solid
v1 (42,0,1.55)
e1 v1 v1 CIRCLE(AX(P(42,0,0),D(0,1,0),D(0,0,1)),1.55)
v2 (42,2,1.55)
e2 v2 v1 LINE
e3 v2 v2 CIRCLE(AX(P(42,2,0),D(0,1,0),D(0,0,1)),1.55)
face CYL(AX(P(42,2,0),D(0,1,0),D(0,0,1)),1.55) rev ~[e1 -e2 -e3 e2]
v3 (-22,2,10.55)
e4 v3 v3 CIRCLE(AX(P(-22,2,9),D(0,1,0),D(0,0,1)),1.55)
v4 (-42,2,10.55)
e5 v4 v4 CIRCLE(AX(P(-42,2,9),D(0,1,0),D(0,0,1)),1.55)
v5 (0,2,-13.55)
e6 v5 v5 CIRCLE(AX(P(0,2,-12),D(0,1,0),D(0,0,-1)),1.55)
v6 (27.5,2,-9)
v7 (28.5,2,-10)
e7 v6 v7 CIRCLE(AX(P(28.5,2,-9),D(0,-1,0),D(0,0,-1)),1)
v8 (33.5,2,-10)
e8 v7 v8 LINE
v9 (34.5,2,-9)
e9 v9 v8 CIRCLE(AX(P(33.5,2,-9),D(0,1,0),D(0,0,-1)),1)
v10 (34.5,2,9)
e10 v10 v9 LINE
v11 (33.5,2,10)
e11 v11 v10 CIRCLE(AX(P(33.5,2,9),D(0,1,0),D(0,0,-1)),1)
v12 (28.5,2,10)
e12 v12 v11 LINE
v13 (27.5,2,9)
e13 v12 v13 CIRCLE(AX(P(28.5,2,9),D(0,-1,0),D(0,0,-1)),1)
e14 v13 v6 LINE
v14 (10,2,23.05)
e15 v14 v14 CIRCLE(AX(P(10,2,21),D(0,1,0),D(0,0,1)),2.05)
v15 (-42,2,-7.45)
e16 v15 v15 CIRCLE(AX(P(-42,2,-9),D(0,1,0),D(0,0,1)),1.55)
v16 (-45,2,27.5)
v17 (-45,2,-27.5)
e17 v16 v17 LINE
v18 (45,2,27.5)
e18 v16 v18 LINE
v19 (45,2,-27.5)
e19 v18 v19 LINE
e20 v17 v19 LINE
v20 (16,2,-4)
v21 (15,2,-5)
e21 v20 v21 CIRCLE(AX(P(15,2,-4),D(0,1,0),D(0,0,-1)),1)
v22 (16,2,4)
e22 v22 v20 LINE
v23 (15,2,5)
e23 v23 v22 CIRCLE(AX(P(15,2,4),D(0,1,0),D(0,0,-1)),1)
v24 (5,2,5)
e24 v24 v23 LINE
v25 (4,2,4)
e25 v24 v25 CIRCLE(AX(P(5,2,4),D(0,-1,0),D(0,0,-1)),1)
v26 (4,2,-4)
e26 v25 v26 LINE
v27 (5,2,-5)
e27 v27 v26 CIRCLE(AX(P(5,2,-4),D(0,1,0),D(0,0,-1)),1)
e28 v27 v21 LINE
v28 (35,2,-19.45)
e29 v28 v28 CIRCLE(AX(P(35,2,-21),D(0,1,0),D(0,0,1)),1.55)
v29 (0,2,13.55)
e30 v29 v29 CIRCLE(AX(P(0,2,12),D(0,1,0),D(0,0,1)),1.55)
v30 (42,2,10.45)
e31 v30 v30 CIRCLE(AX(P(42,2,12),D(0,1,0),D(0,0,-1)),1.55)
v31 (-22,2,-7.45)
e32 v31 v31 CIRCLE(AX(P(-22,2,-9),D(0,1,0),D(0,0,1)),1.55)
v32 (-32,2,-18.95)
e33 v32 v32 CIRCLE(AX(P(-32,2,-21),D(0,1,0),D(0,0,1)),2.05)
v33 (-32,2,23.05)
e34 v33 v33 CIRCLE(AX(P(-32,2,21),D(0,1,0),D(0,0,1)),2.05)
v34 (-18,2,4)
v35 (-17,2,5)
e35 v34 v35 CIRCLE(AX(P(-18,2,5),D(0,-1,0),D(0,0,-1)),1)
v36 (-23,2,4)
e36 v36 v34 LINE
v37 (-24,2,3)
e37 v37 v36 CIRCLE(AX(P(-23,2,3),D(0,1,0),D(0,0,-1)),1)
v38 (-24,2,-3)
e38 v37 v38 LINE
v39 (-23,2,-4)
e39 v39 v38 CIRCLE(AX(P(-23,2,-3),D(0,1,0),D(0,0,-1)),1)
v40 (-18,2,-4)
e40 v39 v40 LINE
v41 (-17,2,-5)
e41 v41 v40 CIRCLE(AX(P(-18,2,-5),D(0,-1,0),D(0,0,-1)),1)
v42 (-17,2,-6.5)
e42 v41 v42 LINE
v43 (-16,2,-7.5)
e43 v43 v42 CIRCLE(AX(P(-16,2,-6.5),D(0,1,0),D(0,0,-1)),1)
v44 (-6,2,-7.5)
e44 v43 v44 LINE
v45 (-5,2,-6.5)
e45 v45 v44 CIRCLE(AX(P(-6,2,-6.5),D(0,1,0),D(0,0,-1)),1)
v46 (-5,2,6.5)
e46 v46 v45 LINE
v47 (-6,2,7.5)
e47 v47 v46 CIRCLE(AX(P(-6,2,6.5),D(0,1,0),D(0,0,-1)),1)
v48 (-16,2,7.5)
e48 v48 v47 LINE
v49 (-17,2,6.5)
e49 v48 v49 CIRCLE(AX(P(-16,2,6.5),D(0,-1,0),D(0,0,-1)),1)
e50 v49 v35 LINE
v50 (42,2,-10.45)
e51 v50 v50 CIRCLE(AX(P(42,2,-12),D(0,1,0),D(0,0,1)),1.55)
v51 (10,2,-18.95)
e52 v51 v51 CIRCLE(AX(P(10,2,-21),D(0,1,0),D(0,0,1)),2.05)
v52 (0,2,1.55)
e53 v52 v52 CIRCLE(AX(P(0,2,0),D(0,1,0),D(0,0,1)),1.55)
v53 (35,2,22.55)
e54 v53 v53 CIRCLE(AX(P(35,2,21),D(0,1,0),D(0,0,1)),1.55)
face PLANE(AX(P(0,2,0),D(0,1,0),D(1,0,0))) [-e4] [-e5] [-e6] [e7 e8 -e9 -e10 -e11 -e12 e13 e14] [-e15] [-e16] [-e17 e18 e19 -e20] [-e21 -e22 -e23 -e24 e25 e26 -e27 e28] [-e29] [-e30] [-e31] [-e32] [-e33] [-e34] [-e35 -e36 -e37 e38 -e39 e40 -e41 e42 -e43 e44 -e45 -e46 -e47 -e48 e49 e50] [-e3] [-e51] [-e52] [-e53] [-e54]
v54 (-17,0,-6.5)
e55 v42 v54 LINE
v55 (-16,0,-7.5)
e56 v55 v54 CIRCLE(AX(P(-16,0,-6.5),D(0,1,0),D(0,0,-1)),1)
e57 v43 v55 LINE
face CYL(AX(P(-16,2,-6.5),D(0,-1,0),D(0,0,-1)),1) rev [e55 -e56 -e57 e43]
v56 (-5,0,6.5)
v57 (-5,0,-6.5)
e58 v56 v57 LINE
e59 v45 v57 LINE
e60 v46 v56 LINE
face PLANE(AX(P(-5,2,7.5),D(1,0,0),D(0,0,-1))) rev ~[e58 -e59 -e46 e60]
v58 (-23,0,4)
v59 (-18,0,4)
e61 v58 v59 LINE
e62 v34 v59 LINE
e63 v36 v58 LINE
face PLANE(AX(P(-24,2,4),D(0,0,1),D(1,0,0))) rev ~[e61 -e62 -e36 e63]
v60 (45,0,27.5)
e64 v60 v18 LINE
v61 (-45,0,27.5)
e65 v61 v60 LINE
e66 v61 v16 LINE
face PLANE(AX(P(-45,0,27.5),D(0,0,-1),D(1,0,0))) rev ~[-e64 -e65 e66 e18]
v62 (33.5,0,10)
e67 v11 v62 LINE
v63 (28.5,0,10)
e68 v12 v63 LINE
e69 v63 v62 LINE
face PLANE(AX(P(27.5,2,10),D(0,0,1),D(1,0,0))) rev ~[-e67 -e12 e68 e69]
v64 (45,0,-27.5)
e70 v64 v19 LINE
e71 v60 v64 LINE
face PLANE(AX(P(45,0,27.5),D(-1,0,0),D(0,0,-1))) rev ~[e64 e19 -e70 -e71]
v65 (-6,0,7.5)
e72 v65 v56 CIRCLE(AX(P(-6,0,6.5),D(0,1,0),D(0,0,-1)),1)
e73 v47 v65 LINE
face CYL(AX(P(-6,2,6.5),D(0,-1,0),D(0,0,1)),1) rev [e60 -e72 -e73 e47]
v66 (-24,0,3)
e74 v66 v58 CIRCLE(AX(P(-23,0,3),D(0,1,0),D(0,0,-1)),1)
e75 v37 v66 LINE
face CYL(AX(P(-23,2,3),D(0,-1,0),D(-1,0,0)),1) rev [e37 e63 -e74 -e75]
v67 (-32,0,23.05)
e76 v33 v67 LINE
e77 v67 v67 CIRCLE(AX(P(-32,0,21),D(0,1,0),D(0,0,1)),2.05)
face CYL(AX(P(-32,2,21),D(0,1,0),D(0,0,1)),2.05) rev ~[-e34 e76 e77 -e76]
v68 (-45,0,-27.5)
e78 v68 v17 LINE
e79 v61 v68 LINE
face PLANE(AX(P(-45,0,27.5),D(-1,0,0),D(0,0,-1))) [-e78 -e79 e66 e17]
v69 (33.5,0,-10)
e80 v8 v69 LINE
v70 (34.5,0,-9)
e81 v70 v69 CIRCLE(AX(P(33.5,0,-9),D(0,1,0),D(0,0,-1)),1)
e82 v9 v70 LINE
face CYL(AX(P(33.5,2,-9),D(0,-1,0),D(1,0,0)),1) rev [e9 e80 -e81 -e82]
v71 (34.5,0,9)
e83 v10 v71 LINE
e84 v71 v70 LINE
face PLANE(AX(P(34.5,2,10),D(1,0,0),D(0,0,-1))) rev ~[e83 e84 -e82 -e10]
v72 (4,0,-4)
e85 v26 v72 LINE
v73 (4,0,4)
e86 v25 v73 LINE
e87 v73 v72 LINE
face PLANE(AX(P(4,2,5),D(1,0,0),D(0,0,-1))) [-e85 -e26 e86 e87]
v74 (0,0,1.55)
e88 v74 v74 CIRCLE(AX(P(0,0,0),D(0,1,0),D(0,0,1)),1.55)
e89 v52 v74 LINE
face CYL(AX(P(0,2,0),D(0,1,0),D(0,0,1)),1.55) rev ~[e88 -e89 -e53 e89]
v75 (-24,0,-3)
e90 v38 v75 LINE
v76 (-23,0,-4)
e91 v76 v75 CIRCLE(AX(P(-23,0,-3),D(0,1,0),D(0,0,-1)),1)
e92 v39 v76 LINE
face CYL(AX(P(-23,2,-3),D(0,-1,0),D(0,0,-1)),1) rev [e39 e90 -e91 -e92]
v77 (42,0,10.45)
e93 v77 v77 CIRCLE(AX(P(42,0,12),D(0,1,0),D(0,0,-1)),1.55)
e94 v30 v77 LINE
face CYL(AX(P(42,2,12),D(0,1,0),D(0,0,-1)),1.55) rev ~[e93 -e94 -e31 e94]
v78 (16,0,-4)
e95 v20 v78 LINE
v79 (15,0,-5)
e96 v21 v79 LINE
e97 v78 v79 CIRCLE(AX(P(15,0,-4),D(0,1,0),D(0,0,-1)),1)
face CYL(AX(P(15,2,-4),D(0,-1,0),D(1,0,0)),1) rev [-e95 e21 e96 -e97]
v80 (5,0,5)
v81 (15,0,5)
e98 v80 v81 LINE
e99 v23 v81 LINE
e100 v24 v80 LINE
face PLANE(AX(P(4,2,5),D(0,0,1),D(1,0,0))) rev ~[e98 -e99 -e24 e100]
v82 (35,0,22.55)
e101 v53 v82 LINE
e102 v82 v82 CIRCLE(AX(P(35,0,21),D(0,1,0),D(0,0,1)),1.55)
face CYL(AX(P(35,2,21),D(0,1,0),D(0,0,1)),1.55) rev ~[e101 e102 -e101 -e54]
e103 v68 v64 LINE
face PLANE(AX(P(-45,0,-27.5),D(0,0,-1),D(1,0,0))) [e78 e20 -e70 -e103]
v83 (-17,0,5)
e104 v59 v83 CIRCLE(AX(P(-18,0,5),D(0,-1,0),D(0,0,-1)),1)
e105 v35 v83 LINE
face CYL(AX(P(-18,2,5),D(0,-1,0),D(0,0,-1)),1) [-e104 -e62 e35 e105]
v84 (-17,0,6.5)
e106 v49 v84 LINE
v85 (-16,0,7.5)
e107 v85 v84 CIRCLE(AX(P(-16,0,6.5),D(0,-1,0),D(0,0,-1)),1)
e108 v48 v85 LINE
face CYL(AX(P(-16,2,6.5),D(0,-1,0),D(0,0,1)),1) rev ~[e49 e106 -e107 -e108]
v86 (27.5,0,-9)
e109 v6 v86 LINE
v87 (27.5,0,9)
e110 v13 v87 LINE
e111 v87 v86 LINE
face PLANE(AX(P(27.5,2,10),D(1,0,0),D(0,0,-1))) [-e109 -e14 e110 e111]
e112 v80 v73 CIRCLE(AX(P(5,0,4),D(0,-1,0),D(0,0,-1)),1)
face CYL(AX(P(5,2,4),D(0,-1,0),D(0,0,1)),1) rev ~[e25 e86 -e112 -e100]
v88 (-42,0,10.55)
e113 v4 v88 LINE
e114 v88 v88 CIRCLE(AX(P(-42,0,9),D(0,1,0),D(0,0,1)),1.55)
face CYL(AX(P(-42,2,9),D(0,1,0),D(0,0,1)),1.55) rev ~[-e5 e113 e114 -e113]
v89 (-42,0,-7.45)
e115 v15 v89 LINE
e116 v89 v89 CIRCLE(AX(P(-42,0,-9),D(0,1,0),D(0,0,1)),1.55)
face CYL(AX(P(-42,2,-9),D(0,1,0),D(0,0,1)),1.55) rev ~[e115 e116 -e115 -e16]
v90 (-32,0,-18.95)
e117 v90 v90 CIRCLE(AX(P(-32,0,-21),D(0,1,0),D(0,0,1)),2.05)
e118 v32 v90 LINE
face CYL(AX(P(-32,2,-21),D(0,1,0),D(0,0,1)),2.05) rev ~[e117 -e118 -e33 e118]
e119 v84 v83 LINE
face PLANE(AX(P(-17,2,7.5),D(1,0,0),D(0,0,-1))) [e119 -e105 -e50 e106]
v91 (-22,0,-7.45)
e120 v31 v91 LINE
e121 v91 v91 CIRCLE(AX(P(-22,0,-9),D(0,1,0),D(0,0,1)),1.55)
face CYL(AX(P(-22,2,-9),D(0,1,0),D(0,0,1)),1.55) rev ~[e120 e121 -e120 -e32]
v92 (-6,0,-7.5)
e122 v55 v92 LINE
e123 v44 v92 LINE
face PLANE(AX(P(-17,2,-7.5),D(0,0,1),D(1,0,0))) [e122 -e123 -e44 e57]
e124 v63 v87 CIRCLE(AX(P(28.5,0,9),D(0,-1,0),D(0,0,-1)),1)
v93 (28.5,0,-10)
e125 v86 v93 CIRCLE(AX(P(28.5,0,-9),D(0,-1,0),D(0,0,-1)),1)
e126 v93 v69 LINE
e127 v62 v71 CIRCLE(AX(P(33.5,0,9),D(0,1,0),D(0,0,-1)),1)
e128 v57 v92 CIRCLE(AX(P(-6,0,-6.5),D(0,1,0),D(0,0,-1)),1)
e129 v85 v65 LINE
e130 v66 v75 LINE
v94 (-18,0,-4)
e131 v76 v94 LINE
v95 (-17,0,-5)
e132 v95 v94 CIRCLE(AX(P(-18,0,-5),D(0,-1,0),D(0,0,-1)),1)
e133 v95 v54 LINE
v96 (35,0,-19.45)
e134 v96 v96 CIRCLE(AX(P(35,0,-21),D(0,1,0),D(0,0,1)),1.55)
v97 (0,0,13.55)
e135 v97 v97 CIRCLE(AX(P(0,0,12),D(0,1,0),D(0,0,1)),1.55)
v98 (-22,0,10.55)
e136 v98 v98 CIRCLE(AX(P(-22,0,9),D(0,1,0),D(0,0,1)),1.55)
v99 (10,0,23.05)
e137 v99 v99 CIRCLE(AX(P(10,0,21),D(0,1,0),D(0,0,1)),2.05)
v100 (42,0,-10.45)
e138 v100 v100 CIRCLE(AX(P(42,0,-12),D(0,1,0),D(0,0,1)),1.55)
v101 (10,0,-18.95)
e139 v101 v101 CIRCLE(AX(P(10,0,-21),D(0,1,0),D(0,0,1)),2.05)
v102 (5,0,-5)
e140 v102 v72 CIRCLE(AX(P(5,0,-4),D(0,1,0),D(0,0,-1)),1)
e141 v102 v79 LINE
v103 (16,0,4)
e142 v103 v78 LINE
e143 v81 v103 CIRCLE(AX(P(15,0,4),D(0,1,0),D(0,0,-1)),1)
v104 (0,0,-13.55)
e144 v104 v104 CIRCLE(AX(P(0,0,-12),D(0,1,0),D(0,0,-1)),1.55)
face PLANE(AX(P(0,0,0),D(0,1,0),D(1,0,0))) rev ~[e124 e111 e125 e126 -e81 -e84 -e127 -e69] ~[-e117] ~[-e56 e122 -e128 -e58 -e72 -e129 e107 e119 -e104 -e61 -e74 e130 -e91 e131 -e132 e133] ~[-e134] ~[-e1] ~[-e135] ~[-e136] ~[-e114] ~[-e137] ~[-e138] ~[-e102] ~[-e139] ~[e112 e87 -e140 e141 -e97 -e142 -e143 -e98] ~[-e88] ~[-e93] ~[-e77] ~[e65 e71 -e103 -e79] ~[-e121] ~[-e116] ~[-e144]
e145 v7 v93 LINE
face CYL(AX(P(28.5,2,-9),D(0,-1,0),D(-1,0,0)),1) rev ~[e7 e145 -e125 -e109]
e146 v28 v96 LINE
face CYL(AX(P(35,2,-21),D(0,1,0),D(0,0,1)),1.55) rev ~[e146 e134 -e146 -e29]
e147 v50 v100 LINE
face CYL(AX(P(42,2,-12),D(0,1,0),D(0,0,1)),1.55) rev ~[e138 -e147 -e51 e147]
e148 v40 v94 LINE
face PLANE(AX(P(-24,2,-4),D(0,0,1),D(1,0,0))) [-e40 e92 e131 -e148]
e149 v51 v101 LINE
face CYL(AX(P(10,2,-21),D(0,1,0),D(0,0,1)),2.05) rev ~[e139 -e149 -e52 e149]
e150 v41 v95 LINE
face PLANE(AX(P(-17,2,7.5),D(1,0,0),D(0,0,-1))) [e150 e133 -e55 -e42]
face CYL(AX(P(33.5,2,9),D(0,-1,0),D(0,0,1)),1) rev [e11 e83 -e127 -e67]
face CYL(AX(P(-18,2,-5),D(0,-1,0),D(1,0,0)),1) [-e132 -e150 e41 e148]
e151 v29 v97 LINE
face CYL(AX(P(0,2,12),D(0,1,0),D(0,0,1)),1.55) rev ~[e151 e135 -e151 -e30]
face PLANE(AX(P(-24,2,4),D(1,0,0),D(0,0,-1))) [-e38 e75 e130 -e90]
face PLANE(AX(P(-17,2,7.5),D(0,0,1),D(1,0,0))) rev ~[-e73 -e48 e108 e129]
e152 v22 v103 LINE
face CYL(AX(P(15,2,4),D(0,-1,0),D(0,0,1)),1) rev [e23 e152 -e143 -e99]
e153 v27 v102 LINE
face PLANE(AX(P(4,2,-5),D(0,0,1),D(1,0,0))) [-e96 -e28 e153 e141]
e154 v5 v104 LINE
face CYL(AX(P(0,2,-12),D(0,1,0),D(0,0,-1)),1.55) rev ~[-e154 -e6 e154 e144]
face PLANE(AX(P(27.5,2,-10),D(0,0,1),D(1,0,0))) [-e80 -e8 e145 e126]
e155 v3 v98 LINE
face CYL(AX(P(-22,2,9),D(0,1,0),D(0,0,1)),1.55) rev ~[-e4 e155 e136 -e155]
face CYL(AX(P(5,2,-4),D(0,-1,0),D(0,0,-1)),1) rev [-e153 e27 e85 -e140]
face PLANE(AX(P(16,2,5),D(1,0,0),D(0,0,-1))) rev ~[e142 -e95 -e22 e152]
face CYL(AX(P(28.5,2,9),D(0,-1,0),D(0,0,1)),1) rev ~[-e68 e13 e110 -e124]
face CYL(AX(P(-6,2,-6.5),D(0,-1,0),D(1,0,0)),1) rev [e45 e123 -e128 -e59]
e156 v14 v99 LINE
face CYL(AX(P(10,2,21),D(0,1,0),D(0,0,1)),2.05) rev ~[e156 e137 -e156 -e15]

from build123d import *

# Parameters (mm, degrees)
SKETCH_1_W          = 90
SKETCH_1_H          = 55
EXTRUDE_1_DEPTH     = 2
SKETCH_2_R          = 1.55
CUT_EXTRUDE_1_DEPTH = 2
SKETCH_3_R          = 1.55
CUT_EXTRUDE_2_DEPTH = 10
SKETCH_4_R          = 2.05
CUT_EXTRUDE_3_DEPTH = 10
SKETCH_5_R          = 1.55
CUT_EXTRUDE_4_DEPTH = 10
SKETCH_6_W          = 7
SKETCH_6_H          = 20
CUT_EXTRUDE_5_DEPTH = 10
SKETCH_7_W          = 12
SKETCH_7_H          = 15
CUT_EXTRUDE_6_DEPTH = 10
SKETCH_8_W          = 7
SKETCH_8_H          = 8
SKETCH_8_W_2        = 12
SKETCH_8_H_2        = 10
CUT_EXTRUDE_7_DEPTH = 10
FILLET_1_R          = 1


with BuildPart() as part:
    # 草图1 → 凸台-拉伸1 (new body)
    with BuildSketch(Plane(origin=(0, 0, 0), x_dir=(1, 0, 0), z_dir=(0, 1, 0))):
        Rectangle(SKETCH_1_W, SKETCH_1_H)
    extrude(amount=EXTRUDE_1_DEPTH)

    # 草图2 → 切除-拉伸1 (cut)
    with BuildSketch(Plane(origin=(0, 2, 0), x_dir=(1, 0, 0), z_dir=(0, 1, 0))):
        with Locations(Location((0, -12, 0), (0, 0, 270))):
            Circle(SKETCH_2_R)
        with Locations(Location((0, 12, 0), (0, 0, 90))):
            Circle(SKETCH_2_R)
        with Locations(Location((0, 0, 0), (0, 0, 270))):
            Circle(SKETCH_2_R)
        with Locations(Location((42, 12, 0), (0, 0, 270))):
            Circle(SKETCH_2_R)
        with Locations(Location((42, 0, 0), (0, 0, 270))):
            Circle(SKETCH_2_R)
        with Locations(Location((42, -12, 0), (0, 0, 90))):
            Circle(SKETCH_2_R)
    extrude(amount=-CUT_EXTRUDE_1_DEPTH, mode=Mode.SUBTRACT)

    # 草图3 → 切除-拉伸2 (cut)
    with BuildSketch(Plane(origin=(0, 2, 0), x_dir=(1, 0, 0), z_dir=(0, 1, 0))):
        with Locations(Location((35, 21, 0), (0, 0, 270))):
            Circle(SKETCH_3_R)
        with Locations(Location((35, -21, 0), (0, 0, 270))):
            Circle(SKETCH_3_R)
    extrude(amount=-CUT_EXTRUDE_2_DEPTH, mode=Mode.SUBTRACT)

    # 草图4 → 切除-拉伸3 (cut)
    with BuildSketch(Plane(origin=(0, 2, 0), x_dir=(1, 0, 0), z_dir=(0, 1, 0))):
        with Locations(Location((-32, 21, 0), (0, 0, 270))):
            Circle(SKETCH_4_R)
        with Locations(Location((-32, -21, 0), (0, 0, 270))):
            Circle(SKETCH_4_R)
        with Locations(Location((10, 21, 0), (0, 0, 270))):
            Circle(SKETCH_4_R)
        with Locations(Location((10, -21, 0), (0, 0, 270))):
            Circle(SKETCH_4_R)
    extrude(amount=-CUT_EXTRUDE_3_DEPTH, mode=Mode.SUBTRACT)

    # 草图5 → 切除-拉伸4 (cut)
    with BuildSketch(Plane(origin=(0, 2, 0), x_dir=(1, 0, 0), z_dir=(0, 1, 0))):
        with Locations(Location((-42, 9, 0), (0, 0, 270))):
            Circle(SKETCH_5_R)
        with Locations(Location((-42, -9, 0), (0, 0, 270))):
            Circle(SKETCH_5_R)
        with Locations(Location((-22, -9, 0), (0, 0, 270))):
            Circle(SKETCH_5_R)
        with Locations(Location((-22, 9, 0), (0, 0, 270))):
            Circle(SKETCH_5_R)
    extrude(amount=-CUT_EXTRUDE_4_DEPTH, mode=Mode.SUBTRACT)

    # 草图6 → 切除-拉伸5 (cut)
    with BuildSketch(Plane(origin=(0, 2, 0), x_dir=(1, 0, 0), z_dir=(0, 1, 0))):
        with Locations((31, 0)):
            Rectangle(SKETCH_6_W, SKETCH_6_H)
    extrude(amount=-CUT_EXTRUDE_5_DEPTH, mode=Mode.SUBTRACT)

    # 草图7 → 切除-拉伸6 (cut)
    with BuildSketch(Plane(origin=(0, 2, 0), x_dir=(1, 0, 0), z_dir=(0, 1, 0))):
        with Locations((-11, 0)):
            Rectangle(SKETCH_7_W, SKETCH_7_H)
    extrude(amount=-CUT_EXTRUDE_6_DEPTH, mode=Mode.SUBTRACT)

    # 草图8 → 切除-拉伸7 (cut)
    with BuildSketch(Plane(origin=(0, 2, 0), x_dir=(1, 0, 0), z_dir=(0, 1, 0))):
        with Locations((-20.5, 0)):
            Rectangle(SKETCH_8_W, SKETCH_8_H)
        with Locations((10, 0)):
            Rectangle(SKETCH_8_W_2, SKETCH_8_H_2)
    extrude(amount=-CUT_EXTRUDE_7_DEPTH, mode=Mode.SUBTRACT)

    # 圆角1
    fillet_1_edges = [part.edges().sort_by_distance(p)[0] for p in [
        (27.5, 1, 10),
        (27.5, 1, -10),
        (34.5, 1, -10),
        (34.5, 1, 10),
        (-5, 1, -7.5),
        (-5, 1, 7.5),
        (-17, 1, 7.5),
        (-17, 1, -7.5),
        (-17, 1, -4),
        (-17, 1, 4),
        (-24, 1, 4),
        (-24, 1, -4),
        (16, 1, -5),
        (16, 1, 5),
        (4, 1, 5),
        (4, 1, -5),
    ]]
    fillet(fillet_1_edges, radius=FILLET_1_R)


solid = part.part
